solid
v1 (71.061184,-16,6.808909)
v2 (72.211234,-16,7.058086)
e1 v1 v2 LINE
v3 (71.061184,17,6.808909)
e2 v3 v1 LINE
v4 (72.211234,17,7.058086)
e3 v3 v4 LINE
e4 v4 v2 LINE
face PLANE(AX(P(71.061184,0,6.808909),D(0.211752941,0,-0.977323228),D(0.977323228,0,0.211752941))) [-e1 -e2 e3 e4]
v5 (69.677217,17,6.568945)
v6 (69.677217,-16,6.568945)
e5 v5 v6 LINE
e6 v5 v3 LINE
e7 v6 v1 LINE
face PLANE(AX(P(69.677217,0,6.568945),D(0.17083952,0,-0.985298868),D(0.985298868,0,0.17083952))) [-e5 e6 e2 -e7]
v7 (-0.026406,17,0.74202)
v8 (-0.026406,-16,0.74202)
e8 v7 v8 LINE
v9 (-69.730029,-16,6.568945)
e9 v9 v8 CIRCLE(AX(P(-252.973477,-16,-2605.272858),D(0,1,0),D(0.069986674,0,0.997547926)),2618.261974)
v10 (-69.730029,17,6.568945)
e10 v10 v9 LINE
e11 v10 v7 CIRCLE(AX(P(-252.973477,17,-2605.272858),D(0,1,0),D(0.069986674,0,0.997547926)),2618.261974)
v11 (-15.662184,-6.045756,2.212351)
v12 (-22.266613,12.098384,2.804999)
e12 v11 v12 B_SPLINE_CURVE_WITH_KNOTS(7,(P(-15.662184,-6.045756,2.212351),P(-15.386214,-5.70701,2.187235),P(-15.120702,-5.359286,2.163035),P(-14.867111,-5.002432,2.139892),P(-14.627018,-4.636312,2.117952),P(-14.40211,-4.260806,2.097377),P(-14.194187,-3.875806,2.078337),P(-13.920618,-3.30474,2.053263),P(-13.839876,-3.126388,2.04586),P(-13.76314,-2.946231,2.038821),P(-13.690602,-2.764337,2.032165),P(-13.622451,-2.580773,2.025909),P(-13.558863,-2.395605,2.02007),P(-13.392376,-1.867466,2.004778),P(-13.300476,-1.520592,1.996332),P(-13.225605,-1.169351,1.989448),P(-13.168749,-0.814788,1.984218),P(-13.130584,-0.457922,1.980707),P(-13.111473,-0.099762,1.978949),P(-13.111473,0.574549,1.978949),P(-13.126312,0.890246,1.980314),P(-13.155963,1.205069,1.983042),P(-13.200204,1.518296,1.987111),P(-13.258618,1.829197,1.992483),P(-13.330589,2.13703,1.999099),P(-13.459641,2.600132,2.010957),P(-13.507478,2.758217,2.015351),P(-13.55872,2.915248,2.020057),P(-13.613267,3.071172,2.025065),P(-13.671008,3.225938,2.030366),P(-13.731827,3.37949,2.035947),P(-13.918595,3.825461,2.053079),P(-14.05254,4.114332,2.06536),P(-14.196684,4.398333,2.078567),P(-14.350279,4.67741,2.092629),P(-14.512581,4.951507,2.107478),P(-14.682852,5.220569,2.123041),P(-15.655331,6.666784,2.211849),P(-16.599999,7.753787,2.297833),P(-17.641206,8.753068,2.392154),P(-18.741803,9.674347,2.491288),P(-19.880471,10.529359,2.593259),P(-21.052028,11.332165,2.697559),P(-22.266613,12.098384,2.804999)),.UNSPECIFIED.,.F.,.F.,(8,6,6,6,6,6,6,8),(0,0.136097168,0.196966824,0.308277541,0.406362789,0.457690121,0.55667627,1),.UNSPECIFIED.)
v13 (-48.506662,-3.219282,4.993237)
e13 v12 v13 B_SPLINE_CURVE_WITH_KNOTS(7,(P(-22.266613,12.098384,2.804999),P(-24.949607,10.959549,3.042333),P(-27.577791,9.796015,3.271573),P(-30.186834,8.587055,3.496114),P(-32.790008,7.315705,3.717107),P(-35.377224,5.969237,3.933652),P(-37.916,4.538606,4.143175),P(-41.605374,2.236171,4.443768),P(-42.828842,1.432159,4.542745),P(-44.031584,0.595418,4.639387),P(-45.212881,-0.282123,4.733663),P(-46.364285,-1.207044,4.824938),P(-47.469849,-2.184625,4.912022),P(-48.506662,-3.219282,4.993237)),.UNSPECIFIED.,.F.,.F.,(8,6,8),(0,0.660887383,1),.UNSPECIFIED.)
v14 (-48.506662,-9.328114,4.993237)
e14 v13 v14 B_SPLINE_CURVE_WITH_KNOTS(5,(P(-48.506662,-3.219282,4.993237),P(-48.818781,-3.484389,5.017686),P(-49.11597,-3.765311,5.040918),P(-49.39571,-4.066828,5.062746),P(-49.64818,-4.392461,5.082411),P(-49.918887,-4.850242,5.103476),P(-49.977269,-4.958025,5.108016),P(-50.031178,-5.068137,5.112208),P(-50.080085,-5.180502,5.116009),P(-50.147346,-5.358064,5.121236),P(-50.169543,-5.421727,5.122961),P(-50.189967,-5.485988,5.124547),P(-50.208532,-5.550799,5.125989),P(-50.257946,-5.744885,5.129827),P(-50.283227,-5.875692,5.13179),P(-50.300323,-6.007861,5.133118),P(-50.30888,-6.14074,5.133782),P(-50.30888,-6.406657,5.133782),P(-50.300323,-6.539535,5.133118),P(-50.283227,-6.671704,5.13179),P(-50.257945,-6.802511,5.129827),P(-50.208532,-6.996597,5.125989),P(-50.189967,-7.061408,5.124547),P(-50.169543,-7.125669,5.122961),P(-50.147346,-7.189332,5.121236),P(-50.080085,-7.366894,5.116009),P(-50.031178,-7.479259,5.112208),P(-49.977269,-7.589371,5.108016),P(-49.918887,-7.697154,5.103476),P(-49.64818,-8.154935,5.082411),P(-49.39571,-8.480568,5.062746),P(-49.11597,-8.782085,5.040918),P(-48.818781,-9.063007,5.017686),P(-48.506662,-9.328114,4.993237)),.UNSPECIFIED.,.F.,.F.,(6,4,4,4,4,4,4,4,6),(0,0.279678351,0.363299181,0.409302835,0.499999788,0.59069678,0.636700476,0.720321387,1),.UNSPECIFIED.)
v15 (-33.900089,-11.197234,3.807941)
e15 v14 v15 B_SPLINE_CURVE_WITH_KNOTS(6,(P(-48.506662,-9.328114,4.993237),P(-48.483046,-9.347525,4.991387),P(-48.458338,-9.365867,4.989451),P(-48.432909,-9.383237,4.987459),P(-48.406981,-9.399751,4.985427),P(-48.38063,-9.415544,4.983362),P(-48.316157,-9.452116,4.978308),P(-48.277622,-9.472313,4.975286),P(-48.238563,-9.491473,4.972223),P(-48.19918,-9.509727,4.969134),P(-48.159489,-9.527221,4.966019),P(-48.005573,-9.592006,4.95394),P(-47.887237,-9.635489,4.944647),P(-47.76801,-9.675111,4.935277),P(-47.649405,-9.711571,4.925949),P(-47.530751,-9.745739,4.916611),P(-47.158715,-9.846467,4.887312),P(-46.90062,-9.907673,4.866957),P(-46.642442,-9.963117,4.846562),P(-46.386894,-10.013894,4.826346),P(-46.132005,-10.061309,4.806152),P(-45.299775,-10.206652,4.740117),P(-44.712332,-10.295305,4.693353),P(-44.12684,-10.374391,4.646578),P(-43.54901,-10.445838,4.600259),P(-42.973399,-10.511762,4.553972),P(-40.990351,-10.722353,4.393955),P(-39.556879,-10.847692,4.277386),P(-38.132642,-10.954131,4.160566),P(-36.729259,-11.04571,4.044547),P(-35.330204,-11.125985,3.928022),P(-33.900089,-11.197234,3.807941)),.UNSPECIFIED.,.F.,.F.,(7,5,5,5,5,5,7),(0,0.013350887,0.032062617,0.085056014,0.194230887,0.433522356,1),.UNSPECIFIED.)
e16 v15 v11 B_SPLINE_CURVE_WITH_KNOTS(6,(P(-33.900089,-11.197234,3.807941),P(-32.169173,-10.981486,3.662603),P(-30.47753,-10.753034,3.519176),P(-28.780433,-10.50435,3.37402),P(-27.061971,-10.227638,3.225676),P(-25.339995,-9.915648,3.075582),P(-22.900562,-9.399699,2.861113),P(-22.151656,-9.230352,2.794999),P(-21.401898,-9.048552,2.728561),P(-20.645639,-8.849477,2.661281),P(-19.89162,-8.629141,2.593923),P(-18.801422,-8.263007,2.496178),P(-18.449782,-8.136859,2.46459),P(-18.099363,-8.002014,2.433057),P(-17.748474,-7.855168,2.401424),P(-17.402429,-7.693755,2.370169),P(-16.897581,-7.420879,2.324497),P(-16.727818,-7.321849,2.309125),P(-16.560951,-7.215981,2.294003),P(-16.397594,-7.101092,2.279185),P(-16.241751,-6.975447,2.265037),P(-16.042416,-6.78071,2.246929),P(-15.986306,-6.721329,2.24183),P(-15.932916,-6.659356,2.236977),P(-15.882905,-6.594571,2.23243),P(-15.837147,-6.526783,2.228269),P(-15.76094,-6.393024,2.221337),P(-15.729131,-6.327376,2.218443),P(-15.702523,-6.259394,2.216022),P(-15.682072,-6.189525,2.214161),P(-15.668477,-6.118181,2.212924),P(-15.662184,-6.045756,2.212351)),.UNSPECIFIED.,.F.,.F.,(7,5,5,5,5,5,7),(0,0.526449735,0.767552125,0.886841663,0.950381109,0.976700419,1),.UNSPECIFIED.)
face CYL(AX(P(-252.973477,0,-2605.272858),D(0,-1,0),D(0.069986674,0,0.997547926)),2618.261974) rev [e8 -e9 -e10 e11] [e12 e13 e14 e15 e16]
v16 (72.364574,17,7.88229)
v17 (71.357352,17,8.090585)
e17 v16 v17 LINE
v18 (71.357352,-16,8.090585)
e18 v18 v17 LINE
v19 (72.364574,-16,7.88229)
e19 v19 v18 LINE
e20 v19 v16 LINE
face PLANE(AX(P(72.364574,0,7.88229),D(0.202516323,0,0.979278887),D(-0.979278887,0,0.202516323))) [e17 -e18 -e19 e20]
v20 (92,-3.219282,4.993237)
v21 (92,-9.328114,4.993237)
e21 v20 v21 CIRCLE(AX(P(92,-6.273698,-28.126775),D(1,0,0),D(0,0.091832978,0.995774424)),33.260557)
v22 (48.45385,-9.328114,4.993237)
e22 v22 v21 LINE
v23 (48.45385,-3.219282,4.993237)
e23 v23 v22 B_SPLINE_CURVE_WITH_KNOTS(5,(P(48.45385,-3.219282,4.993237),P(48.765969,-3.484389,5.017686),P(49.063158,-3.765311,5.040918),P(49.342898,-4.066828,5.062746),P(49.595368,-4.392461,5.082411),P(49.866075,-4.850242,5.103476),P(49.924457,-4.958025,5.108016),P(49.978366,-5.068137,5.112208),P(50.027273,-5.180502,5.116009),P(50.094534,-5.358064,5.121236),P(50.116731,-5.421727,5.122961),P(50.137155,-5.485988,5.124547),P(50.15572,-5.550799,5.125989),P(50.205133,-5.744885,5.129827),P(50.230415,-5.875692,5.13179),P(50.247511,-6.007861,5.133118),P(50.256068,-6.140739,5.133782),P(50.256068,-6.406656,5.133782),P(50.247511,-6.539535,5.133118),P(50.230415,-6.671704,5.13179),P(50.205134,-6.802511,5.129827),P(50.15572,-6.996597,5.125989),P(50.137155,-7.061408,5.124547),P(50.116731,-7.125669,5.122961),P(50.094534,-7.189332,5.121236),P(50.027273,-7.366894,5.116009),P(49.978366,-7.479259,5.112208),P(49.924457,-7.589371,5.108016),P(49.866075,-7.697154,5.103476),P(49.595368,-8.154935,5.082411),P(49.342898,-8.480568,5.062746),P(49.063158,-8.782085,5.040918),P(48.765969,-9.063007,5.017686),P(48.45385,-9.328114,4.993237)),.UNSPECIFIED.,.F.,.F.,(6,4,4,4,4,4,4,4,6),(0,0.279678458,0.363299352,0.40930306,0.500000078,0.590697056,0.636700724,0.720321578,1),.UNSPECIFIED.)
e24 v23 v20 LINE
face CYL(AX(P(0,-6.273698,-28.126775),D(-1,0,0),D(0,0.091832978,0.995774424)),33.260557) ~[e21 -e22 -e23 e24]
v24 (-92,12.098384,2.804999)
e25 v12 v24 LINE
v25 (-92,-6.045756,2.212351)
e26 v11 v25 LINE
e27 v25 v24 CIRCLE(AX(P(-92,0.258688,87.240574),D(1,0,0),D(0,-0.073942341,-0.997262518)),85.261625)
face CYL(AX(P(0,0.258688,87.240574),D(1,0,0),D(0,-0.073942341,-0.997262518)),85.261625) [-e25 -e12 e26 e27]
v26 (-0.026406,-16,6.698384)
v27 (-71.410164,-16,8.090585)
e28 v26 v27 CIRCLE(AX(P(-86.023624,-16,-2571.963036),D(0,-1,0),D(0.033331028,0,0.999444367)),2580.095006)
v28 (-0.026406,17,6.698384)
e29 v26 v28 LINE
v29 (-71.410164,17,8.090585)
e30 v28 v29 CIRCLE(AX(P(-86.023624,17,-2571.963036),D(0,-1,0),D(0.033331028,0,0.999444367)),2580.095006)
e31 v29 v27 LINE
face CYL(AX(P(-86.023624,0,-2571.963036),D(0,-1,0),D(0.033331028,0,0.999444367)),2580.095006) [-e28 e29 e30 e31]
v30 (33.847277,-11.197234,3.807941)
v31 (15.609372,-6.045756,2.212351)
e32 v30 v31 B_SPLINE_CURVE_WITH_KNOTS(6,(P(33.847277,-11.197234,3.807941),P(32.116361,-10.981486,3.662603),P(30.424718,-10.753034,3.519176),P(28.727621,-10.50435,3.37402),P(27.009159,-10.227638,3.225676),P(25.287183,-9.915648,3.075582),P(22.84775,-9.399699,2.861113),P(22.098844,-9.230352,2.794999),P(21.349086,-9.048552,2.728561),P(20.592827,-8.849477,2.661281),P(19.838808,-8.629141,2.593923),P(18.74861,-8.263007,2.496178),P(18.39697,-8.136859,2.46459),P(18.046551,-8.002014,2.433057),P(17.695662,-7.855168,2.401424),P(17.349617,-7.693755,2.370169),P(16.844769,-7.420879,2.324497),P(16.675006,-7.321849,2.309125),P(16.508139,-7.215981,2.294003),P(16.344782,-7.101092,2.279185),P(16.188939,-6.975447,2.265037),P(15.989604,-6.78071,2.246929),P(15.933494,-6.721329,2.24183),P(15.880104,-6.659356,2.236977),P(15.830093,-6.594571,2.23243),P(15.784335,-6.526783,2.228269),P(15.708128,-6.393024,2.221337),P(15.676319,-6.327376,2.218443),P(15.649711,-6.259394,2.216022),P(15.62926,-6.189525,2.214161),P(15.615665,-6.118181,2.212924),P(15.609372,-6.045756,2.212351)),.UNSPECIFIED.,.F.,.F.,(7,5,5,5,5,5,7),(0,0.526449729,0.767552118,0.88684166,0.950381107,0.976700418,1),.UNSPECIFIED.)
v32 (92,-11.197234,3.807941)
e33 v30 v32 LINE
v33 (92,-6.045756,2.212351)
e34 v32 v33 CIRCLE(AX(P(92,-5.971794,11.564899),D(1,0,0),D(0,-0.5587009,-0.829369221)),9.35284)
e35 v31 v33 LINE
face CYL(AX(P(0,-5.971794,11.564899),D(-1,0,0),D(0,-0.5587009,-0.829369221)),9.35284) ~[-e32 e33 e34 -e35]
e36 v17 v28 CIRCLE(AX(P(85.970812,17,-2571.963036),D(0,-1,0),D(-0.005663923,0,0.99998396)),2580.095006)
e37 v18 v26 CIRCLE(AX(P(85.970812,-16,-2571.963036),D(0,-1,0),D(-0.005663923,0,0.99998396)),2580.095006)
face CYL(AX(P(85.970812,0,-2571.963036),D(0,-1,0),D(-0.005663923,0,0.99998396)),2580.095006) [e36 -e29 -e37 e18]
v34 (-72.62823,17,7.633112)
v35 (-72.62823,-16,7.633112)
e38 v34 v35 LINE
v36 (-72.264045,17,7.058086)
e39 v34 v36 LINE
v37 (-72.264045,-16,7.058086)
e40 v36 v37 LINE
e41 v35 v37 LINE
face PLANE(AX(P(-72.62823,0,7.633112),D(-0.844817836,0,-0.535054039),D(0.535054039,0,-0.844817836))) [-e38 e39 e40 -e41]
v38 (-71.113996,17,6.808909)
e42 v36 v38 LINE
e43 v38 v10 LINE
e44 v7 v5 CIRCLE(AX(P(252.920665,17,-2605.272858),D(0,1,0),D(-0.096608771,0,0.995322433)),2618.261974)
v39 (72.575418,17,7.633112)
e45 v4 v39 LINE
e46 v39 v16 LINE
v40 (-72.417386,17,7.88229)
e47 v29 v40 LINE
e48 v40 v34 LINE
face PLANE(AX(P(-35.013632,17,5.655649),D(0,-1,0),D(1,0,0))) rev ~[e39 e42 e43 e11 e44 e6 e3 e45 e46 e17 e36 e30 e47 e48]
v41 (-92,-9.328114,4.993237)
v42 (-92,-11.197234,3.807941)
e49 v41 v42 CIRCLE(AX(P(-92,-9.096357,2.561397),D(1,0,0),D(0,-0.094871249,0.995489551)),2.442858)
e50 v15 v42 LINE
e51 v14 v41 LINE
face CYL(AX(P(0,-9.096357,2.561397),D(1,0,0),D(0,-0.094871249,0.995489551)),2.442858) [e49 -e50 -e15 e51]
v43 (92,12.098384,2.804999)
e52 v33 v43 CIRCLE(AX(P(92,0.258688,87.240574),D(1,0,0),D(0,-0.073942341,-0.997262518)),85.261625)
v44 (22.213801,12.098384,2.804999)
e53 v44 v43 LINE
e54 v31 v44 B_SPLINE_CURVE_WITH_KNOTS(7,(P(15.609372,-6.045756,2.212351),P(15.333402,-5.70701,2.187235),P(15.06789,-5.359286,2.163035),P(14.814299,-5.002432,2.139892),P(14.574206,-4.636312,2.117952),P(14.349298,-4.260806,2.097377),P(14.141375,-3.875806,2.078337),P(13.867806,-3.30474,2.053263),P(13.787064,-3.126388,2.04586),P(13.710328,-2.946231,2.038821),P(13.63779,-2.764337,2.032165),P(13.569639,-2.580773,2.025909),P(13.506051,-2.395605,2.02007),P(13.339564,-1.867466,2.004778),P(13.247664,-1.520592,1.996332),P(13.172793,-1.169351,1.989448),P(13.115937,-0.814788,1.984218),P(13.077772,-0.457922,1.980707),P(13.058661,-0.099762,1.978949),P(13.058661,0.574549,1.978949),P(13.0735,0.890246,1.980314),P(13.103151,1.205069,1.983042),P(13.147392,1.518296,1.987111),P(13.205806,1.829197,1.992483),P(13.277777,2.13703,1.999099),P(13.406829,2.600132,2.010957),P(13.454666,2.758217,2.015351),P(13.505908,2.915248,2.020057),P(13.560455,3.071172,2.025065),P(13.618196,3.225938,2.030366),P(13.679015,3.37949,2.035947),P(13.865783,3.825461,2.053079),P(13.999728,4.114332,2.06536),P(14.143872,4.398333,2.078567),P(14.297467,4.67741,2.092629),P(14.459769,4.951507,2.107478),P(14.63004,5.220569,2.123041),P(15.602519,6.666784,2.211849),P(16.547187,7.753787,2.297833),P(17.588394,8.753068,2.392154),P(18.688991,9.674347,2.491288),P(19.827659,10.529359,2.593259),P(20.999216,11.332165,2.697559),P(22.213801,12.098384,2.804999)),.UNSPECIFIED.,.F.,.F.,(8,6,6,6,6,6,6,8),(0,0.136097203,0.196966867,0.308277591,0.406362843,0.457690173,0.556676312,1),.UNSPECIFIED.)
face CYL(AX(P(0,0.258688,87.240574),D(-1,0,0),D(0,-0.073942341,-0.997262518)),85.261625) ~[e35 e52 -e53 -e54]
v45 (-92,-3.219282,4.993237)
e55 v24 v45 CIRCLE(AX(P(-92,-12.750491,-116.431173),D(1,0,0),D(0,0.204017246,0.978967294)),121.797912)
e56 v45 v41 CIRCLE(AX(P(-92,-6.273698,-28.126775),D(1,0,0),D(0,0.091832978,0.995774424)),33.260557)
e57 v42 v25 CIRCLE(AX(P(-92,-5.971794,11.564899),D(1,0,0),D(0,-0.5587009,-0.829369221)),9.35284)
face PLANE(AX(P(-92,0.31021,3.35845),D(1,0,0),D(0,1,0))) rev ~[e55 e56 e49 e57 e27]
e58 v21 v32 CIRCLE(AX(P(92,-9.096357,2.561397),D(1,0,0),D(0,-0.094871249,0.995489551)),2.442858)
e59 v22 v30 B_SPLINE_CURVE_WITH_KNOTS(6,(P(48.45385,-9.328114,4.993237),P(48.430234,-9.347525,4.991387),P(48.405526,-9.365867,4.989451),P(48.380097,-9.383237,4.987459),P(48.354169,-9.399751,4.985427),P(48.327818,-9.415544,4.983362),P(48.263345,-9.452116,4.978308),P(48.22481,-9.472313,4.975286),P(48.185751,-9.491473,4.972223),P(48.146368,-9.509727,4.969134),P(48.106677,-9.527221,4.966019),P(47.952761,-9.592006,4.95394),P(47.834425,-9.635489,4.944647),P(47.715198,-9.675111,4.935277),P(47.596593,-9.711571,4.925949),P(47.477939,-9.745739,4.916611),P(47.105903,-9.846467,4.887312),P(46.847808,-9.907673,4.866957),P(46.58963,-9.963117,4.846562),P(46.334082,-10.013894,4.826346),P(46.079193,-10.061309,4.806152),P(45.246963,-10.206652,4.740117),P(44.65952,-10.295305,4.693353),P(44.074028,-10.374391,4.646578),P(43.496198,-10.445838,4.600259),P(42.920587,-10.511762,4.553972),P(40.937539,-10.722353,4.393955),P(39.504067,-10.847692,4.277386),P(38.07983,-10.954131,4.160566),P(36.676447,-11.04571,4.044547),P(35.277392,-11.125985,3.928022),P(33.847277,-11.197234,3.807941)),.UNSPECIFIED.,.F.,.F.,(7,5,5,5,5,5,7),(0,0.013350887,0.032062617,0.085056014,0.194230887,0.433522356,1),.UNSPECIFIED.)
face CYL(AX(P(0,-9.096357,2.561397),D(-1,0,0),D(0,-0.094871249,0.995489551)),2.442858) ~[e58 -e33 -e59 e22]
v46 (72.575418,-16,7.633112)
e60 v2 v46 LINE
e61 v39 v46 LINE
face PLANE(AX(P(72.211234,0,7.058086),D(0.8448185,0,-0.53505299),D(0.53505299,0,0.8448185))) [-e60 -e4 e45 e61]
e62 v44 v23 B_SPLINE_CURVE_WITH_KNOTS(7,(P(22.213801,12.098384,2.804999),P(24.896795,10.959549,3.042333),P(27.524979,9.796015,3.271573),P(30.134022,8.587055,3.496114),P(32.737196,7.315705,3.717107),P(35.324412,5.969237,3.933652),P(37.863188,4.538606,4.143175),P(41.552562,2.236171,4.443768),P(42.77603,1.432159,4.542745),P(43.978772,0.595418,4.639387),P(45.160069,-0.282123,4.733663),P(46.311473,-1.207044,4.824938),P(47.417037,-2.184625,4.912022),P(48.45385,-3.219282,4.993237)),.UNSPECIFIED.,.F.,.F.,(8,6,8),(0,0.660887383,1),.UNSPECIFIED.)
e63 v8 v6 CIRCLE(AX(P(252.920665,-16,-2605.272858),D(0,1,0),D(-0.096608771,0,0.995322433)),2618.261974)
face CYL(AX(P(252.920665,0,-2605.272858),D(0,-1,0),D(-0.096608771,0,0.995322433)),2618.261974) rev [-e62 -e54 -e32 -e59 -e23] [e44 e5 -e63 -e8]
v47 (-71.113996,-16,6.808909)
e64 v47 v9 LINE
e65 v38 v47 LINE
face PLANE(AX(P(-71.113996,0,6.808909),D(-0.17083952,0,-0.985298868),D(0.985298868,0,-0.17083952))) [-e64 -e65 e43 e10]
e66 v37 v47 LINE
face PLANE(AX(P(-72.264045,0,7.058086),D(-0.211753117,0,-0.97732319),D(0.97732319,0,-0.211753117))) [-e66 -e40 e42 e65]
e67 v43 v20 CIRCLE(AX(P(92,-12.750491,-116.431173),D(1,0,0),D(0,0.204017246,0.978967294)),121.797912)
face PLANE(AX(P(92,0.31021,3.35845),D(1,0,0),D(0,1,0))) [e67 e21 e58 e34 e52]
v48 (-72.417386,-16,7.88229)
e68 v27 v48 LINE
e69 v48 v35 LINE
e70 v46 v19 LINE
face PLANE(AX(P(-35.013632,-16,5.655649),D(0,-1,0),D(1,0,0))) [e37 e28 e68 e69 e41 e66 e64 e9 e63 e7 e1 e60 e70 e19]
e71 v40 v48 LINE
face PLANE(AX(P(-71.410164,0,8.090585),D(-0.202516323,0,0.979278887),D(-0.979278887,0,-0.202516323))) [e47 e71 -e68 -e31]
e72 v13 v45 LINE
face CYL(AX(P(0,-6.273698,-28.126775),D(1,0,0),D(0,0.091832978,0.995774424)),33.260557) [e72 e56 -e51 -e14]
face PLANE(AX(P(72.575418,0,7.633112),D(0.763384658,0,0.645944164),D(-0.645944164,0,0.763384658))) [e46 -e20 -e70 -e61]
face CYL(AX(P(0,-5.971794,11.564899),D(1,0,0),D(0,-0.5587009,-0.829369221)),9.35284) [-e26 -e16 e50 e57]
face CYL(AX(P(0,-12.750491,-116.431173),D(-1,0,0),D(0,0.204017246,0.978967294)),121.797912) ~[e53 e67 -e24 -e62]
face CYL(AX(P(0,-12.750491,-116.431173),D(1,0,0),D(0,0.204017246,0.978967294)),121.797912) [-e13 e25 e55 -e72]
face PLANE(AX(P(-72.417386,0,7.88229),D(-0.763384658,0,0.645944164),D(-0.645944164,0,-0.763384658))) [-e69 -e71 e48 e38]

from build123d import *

# Parameters (mm, degrees)
F2_DEPTH      = 16
F2_DEPTH_BACK = 17
F3_DEPTH      = 92
F3_DEPTH_BACK = 92


with BuildPart() as f2:
    # F0 (on Front) → F2 (new body, two sides)
    with BuildSketch(Plane.XZ) as f2_sk:
        with BuildLine():
            Line((-0.026406, 0.74202), (-0.026406, 6.698384))
            ThreePointArc((-0.026406, 6.698384), (-35.713469, 7.641416), (-71.410164, 8.090585))
            Line((-71.410164, 8.090585), (-72.417386, 7.88229))
            Line((-72.417386, 7.88229), (-72.62823, 7.633112))
            Line((-72.62823, 7.633112), (-72.264045, 7.058086))
            Line((-72.264045, 7.058086), (-71.113996, 6.808909))
            Line((-71.113996, 6.808909), (-69.730029, 6.568945))
            ThreePointArc((-69.730029, 6.568945), (-34.858758, 3.888259), (-0.026406, 0.74202))
        make_face()
        with BuildLine():
            ThreePointArc((71.357352, 8.090585), (35.660657, 7.641416), (-0.026406, 6.698384))
            Line((-0.026406, 6.698384), (-0.026406, 0.74202))
            ThreePointArc((-0.026406, 0.74202), (34.805946, 3.888259), (69.677217, 6.568945))
            Line((69.677217, 6.568945), (71.061184, 6.808909))
            Line((71.061184, 6.808909), (72.211234, 7.058086))
            Line((72.211234, 7.058086), (72.575418, 7.633112))
            Line((72.575418, 7.633112), (72.364574, 7.88229))
            Line((72.364574, 7.88229), (71.357352, 8.090585))
        make_face()
    extrude(amount=F2_DEPTH)
    extrude(f2_sk.sketch, amount=-F2_DEPTH_BACK)

    # F1 (on Right) → F3 (join, two sides)
    with BuildSketch(Plane.YZ) as f3_sk:
        with BuildLine():
            ThreePointArc((-9.328114, 4.993237), (-10.40461, 4.624412), (-11.197234, 3.807941))
            ThreePointArc((-11.197234, 3.807941), (-8.738993, 2.630794), (-6.045756, 2.212351))
            ThreePointArc((-6.045756, 2.212351), (3.042132, 2.024395), (12.098384, 2.804999))
            ThreePointArc((12.098384, 2.804999), (4.474335, 4.142608), (-3.219282, 4.993237))
            ThreePointArc((-3.219282, 4.993237), (-6.273698, 5.133782), (-9.328114, 4.993237))
        make_face()
    extrude(amount=F3_DEPTH)
    extrude(f3_sk.sketch, amount=-F3_DEPTH_BACK)


solid = f2.part
